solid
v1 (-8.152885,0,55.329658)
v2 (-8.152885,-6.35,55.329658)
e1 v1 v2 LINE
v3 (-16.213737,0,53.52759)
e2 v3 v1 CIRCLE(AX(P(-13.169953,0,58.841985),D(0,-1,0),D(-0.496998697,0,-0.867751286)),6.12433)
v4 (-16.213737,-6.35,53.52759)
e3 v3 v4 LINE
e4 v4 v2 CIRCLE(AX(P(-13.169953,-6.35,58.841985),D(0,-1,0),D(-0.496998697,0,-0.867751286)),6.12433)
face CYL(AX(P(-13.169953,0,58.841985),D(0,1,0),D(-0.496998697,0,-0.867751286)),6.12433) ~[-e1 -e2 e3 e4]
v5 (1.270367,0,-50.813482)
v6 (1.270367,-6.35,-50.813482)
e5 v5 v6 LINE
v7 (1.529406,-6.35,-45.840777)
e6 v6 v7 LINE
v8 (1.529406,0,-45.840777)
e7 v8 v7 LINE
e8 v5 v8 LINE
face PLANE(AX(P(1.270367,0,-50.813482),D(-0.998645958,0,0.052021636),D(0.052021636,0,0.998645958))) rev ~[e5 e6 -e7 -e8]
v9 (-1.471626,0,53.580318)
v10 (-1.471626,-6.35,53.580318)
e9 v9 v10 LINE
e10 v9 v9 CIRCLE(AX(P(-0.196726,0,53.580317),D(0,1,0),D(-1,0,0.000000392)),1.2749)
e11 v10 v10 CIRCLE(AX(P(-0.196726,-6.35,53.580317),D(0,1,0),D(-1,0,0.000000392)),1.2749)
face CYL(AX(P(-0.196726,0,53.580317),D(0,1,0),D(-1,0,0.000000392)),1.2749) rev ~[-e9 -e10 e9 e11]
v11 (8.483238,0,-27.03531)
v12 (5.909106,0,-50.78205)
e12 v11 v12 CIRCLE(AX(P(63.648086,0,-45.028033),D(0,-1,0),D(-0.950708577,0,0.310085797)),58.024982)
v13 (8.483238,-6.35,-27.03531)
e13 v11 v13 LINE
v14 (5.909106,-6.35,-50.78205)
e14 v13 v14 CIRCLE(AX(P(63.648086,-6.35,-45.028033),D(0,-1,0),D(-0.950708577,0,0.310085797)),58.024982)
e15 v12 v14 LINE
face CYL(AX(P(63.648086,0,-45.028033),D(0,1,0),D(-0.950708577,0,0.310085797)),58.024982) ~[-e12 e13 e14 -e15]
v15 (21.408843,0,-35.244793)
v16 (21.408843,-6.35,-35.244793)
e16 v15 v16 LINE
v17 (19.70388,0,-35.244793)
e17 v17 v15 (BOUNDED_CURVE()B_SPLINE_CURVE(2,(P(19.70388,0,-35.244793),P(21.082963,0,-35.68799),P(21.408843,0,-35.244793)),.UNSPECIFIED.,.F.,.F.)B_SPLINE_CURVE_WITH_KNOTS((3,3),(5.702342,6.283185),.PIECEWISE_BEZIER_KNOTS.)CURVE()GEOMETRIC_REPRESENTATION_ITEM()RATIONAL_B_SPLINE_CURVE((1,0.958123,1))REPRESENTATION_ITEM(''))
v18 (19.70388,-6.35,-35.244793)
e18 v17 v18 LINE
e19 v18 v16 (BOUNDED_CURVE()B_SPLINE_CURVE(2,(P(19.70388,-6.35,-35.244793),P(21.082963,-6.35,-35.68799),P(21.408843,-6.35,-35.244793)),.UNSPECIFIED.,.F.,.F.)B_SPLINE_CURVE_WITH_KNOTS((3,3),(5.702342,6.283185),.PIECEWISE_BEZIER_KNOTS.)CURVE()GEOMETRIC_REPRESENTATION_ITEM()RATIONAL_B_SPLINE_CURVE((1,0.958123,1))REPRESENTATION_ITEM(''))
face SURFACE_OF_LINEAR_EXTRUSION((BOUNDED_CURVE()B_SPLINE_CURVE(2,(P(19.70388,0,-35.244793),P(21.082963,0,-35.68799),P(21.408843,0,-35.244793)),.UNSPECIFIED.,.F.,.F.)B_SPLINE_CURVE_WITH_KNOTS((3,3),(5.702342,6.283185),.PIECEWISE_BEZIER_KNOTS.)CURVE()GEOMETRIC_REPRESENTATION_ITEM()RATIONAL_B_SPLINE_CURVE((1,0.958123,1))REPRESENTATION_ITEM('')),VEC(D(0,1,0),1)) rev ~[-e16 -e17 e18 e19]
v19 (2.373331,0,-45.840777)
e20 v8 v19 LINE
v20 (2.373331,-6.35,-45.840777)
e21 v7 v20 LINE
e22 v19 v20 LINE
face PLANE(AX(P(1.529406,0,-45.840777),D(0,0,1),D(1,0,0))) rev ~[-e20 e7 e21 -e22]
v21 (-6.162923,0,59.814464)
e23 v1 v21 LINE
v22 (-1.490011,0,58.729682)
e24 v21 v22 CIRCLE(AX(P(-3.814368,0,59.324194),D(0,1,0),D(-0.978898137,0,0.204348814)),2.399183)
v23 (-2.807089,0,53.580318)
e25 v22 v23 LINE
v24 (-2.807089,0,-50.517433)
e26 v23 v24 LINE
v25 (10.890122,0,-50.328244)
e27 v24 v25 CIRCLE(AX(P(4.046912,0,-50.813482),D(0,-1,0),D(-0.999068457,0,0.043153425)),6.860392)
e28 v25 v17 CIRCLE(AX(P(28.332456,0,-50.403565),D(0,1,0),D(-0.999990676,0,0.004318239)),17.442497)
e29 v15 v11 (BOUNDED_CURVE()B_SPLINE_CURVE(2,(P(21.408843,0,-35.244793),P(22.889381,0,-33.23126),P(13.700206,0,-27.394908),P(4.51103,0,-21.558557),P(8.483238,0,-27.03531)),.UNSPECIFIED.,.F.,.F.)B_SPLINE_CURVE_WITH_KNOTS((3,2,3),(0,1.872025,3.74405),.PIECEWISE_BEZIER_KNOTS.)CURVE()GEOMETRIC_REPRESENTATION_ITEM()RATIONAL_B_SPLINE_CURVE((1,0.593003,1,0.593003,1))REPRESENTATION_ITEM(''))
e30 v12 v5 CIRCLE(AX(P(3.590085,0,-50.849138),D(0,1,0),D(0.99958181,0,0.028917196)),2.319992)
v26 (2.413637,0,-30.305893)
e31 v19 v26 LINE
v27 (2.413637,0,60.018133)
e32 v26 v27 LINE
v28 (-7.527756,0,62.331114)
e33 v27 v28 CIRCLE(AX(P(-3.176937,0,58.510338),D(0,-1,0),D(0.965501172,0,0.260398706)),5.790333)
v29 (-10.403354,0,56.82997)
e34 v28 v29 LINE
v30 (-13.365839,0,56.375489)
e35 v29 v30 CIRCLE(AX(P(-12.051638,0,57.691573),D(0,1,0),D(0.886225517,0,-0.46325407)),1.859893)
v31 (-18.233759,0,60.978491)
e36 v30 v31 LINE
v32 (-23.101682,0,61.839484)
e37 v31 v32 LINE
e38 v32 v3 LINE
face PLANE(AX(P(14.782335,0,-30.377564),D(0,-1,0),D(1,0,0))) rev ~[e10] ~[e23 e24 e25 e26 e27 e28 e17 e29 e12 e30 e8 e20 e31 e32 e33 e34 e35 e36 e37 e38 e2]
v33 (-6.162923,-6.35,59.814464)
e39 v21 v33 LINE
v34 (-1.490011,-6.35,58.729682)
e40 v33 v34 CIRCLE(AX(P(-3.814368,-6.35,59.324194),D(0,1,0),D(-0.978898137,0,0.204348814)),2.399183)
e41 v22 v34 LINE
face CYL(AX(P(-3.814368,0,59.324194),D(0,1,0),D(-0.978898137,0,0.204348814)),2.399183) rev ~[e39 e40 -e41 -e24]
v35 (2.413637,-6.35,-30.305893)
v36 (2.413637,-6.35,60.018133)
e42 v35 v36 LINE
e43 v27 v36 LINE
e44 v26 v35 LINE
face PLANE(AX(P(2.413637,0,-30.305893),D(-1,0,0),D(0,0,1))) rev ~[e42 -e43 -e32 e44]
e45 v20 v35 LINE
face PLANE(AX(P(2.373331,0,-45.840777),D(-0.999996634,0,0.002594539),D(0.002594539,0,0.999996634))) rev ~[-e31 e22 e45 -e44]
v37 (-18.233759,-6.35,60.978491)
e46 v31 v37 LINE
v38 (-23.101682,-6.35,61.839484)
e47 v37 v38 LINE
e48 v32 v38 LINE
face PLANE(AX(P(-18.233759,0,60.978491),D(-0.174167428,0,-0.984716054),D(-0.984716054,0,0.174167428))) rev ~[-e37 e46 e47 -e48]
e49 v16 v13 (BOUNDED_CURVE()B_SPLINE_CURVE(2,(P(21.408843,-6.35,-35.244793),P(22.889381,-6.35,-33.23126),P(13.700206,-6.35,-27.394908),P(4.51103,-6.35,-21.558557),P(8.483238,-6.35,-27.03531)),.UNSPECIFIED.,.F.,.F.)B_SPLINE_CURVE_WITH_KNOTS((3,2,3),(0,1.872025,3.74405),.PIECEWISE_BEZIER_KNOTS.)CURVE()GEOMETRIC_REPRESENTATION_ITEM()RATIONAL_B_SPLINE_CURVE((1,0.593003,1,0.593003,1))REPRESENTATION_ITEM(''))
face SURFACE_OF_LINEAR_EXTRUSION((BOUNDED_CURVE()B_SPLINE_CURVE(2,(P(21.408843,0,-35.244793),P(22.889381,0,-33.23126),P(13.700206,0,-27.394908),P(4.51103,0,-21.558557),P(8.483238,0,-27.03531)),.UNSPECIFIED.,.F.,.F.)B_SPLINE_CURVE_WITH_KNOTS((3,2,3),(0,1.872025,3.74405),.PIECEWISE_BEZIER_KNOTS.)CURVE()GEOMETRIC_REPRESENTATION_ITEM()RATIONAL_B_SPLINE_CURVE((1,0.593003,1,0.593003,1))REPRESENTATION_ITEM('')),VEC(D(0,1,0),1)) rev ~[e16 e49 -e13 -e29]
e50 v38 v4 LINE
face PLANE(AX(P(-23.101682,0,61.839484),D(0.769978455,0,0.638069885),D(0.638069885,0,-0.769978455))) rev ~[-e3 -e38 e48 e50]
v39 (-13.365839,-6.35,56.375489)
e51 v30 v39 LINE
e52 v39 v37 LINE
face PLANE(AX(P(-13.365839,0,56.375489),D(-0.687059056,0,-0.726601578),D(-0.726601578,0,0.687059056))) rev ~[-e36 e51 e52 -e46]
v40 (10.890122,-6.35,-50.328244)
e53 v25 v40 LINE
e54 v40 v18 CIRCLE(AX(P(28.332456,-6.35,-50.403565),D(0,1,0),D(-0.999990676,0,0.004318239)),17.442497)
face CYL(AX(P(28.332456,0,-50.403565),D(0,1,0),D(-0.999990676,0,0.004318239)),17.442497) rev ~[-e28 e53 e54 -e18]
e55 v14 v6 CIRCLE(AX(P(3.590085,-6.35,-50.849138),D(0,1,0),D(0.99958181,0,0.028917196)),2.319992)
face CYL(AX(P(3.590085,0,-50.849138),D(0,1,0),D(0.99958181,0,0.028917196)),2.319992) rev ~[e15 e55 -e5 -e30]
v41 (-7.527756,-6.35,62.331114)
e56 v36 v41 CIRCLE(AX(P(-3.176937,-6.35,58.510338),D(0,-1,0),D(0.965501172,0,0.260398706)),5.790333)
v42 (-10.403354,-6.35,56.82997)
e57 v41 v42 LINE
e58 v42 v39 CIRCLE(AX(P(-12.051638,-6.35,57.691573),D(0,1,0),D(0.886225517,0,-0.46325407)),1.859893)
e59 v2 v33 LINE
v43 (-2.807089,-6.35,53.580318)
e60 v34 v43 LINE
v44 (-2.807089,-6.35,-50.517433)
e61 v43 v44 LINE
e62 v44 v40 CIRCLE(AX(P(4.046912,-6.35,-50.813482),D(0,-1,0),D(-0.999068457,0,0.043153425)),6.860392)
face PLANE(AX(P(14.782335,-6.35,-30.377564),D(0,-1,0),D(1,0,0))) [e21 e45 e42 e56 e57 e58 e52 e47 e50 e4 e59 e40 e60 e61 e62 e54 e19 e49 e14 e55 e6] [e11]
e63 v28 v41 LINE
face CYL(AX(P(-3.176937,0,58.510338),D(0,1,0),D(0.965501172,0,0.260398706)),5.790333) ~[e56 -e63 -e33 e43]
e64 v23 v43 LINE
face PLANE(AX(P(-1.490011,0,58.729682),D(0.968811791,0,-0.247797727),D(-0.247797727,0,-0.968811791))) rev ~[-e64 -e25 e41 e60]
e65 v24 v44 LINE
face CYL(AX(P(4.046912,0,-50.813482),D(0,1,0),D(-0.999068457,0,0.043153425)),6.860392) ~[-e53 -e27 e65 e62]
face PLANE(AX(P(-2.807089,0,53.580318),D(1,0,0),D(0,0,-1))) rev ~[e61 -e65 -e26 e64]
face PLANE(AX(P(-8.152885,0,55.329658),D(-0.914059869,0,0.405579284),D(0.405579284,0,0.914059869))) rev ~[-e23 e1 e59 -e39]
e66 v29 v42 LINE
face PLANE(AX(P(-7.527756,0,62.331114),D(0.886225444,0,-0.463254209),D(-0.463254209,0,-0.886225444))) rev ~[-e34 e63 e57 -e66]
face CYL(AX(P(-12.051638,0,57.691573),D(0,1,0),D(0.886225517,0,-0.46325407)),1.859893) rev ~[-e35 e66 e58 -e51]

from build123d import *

# Parameters (mm, degrees)
F1_DEPTH = 6.35


with BuildPart() as f1:
    # F0 (on Front) → F1 (new body)
    with BuildSketch(Plane.XZ):
        with BuildLine():
            add(Edge.make_bspline(
                [(19.70388, -35.244793), (21.082963, -35.68799), (21.408843, -35.244793)],
                knots=[5.702342, 5.702342, 5.702342, 6.283185, 6.283185, 6.283185], degree=2, weights=[1, 0.958123, 1]))
            add(Edge.make_bspline(
                [(21.408843, -35.244793), (22.889381, -33.23126), (13.700206, -27.394908), (4.51103, -21.558557), (8.483238, -27.03531)],
                knots=[0, 0, 0, 1.872025, 1.872025, 3.74405, 3.74405, 3.74405], degree=2, weights=[1, 0.593003, 1, 0.593003, 1]))
            add(Edge.make_bspline(
                [(8.483238, -27.03531), (12.836846, -33.037926), (19.70388, -35.244793)],
                knots=[3.74405, 3.74405, 3.74405, 5.702342, 5.702342, 5.702342], degree=2, weights=[1, 0.557732, 1]))
        make_face()
        with BuildLine():
            add(Edge.make_bspline(
                [(8.483238, -27.03531), (12.836846, -33.037926), (19.70388, -35.244793)],
                knots=[3.74405, 3.74405, 3.74405, 5.702342, 5.702342, 5.702342], degree=2, weights=[1, 0.557732, 1]))
            ThreePointArc((8.483238, -27.03531), (5.961038, -38.774792), (5.909106, -50.78205))
            ThreePointArc((5.909106, -50.78205), (3.605804, -53.169076), (1.270367, -50.813482))
            Line((1.270367, -50.813482), (1.529406, -45.840777))
            Line((1.529406, -45.840777), (2.373331, -45.840777))
            Line((2.373331, -45.840777), (2.413637, -30.305893))
            Line((2.413637, -30.305893), (2.413637, 53.580318))
            Line((2.413637, 53.580318), (1.078173, 53.580318))
            ThreePointArc((1.078173, 53.580318), (-0.196726, 52.305418), (-1.471626, 53.580318))
            Line((-1.471626, 53.580318), (-2.807089, 53.580318))
            Line((-2.807089, 53.580318), (-2.807089, 0))
            Line((-2.807089, 0), (-2.807089, -50.517433))
            ThreePointArc((-2.807089, -50.517433), (4.141661, -57.67322), (10.890122, -50.328244))
            ThreePointArc((10.890122, -50.328244), (13.272552, -41.603566), (19.70388, -35.244793))
        make_face()
        with BuildLine():
            Line((-1.490011, 58.729682), (-2.807089, 53.580318))
            Line((-2.807089, 53.580318), (-1.471626, 53.580318))
            ThreePointArc((-1.471626, 53.580318), (-0.196726, 54.855217), (1.078173, 53.580318))
            Line((1.078173, 53.580318), (2.413637, 53.580318))
            Line((2.413637, 53.580318), (2.413637, 60.018133))
            ThreePointArc((2.413637, 60.018133), (-1.864794, 64.15004), (-7.527756, 62.331114))
            Line((-7.527756, 62.331114), (-10.403354, 56.82997))
            ThreePointArc((-10.403354, 56.82997), (-11.769607, 55.853188), (-13.365839, 56.375489))
            Line((-13.365839, 56.375489), (-18.233759, 60.978491))
            Line((-18.233759, 60.978491), (-23.101682, 61.839484))
            Line((-23.101682, 61.839484), (-16.213737, 53.52759))
            ThreePointArc((-16.213737, 53.52759), (-11.833793, 52.865189), (-8.152885, 55.329658))
            Line((-8.152885, 55.329658), (-6.162923, 59.814464))
            ThreePointArc((-6.162923, 59.814464), (-3.271841, 61.661231), (-1.490011, 58.729682))
        make_face()
    extrude(amount=F1_DEPTH)


solid = f1.part
